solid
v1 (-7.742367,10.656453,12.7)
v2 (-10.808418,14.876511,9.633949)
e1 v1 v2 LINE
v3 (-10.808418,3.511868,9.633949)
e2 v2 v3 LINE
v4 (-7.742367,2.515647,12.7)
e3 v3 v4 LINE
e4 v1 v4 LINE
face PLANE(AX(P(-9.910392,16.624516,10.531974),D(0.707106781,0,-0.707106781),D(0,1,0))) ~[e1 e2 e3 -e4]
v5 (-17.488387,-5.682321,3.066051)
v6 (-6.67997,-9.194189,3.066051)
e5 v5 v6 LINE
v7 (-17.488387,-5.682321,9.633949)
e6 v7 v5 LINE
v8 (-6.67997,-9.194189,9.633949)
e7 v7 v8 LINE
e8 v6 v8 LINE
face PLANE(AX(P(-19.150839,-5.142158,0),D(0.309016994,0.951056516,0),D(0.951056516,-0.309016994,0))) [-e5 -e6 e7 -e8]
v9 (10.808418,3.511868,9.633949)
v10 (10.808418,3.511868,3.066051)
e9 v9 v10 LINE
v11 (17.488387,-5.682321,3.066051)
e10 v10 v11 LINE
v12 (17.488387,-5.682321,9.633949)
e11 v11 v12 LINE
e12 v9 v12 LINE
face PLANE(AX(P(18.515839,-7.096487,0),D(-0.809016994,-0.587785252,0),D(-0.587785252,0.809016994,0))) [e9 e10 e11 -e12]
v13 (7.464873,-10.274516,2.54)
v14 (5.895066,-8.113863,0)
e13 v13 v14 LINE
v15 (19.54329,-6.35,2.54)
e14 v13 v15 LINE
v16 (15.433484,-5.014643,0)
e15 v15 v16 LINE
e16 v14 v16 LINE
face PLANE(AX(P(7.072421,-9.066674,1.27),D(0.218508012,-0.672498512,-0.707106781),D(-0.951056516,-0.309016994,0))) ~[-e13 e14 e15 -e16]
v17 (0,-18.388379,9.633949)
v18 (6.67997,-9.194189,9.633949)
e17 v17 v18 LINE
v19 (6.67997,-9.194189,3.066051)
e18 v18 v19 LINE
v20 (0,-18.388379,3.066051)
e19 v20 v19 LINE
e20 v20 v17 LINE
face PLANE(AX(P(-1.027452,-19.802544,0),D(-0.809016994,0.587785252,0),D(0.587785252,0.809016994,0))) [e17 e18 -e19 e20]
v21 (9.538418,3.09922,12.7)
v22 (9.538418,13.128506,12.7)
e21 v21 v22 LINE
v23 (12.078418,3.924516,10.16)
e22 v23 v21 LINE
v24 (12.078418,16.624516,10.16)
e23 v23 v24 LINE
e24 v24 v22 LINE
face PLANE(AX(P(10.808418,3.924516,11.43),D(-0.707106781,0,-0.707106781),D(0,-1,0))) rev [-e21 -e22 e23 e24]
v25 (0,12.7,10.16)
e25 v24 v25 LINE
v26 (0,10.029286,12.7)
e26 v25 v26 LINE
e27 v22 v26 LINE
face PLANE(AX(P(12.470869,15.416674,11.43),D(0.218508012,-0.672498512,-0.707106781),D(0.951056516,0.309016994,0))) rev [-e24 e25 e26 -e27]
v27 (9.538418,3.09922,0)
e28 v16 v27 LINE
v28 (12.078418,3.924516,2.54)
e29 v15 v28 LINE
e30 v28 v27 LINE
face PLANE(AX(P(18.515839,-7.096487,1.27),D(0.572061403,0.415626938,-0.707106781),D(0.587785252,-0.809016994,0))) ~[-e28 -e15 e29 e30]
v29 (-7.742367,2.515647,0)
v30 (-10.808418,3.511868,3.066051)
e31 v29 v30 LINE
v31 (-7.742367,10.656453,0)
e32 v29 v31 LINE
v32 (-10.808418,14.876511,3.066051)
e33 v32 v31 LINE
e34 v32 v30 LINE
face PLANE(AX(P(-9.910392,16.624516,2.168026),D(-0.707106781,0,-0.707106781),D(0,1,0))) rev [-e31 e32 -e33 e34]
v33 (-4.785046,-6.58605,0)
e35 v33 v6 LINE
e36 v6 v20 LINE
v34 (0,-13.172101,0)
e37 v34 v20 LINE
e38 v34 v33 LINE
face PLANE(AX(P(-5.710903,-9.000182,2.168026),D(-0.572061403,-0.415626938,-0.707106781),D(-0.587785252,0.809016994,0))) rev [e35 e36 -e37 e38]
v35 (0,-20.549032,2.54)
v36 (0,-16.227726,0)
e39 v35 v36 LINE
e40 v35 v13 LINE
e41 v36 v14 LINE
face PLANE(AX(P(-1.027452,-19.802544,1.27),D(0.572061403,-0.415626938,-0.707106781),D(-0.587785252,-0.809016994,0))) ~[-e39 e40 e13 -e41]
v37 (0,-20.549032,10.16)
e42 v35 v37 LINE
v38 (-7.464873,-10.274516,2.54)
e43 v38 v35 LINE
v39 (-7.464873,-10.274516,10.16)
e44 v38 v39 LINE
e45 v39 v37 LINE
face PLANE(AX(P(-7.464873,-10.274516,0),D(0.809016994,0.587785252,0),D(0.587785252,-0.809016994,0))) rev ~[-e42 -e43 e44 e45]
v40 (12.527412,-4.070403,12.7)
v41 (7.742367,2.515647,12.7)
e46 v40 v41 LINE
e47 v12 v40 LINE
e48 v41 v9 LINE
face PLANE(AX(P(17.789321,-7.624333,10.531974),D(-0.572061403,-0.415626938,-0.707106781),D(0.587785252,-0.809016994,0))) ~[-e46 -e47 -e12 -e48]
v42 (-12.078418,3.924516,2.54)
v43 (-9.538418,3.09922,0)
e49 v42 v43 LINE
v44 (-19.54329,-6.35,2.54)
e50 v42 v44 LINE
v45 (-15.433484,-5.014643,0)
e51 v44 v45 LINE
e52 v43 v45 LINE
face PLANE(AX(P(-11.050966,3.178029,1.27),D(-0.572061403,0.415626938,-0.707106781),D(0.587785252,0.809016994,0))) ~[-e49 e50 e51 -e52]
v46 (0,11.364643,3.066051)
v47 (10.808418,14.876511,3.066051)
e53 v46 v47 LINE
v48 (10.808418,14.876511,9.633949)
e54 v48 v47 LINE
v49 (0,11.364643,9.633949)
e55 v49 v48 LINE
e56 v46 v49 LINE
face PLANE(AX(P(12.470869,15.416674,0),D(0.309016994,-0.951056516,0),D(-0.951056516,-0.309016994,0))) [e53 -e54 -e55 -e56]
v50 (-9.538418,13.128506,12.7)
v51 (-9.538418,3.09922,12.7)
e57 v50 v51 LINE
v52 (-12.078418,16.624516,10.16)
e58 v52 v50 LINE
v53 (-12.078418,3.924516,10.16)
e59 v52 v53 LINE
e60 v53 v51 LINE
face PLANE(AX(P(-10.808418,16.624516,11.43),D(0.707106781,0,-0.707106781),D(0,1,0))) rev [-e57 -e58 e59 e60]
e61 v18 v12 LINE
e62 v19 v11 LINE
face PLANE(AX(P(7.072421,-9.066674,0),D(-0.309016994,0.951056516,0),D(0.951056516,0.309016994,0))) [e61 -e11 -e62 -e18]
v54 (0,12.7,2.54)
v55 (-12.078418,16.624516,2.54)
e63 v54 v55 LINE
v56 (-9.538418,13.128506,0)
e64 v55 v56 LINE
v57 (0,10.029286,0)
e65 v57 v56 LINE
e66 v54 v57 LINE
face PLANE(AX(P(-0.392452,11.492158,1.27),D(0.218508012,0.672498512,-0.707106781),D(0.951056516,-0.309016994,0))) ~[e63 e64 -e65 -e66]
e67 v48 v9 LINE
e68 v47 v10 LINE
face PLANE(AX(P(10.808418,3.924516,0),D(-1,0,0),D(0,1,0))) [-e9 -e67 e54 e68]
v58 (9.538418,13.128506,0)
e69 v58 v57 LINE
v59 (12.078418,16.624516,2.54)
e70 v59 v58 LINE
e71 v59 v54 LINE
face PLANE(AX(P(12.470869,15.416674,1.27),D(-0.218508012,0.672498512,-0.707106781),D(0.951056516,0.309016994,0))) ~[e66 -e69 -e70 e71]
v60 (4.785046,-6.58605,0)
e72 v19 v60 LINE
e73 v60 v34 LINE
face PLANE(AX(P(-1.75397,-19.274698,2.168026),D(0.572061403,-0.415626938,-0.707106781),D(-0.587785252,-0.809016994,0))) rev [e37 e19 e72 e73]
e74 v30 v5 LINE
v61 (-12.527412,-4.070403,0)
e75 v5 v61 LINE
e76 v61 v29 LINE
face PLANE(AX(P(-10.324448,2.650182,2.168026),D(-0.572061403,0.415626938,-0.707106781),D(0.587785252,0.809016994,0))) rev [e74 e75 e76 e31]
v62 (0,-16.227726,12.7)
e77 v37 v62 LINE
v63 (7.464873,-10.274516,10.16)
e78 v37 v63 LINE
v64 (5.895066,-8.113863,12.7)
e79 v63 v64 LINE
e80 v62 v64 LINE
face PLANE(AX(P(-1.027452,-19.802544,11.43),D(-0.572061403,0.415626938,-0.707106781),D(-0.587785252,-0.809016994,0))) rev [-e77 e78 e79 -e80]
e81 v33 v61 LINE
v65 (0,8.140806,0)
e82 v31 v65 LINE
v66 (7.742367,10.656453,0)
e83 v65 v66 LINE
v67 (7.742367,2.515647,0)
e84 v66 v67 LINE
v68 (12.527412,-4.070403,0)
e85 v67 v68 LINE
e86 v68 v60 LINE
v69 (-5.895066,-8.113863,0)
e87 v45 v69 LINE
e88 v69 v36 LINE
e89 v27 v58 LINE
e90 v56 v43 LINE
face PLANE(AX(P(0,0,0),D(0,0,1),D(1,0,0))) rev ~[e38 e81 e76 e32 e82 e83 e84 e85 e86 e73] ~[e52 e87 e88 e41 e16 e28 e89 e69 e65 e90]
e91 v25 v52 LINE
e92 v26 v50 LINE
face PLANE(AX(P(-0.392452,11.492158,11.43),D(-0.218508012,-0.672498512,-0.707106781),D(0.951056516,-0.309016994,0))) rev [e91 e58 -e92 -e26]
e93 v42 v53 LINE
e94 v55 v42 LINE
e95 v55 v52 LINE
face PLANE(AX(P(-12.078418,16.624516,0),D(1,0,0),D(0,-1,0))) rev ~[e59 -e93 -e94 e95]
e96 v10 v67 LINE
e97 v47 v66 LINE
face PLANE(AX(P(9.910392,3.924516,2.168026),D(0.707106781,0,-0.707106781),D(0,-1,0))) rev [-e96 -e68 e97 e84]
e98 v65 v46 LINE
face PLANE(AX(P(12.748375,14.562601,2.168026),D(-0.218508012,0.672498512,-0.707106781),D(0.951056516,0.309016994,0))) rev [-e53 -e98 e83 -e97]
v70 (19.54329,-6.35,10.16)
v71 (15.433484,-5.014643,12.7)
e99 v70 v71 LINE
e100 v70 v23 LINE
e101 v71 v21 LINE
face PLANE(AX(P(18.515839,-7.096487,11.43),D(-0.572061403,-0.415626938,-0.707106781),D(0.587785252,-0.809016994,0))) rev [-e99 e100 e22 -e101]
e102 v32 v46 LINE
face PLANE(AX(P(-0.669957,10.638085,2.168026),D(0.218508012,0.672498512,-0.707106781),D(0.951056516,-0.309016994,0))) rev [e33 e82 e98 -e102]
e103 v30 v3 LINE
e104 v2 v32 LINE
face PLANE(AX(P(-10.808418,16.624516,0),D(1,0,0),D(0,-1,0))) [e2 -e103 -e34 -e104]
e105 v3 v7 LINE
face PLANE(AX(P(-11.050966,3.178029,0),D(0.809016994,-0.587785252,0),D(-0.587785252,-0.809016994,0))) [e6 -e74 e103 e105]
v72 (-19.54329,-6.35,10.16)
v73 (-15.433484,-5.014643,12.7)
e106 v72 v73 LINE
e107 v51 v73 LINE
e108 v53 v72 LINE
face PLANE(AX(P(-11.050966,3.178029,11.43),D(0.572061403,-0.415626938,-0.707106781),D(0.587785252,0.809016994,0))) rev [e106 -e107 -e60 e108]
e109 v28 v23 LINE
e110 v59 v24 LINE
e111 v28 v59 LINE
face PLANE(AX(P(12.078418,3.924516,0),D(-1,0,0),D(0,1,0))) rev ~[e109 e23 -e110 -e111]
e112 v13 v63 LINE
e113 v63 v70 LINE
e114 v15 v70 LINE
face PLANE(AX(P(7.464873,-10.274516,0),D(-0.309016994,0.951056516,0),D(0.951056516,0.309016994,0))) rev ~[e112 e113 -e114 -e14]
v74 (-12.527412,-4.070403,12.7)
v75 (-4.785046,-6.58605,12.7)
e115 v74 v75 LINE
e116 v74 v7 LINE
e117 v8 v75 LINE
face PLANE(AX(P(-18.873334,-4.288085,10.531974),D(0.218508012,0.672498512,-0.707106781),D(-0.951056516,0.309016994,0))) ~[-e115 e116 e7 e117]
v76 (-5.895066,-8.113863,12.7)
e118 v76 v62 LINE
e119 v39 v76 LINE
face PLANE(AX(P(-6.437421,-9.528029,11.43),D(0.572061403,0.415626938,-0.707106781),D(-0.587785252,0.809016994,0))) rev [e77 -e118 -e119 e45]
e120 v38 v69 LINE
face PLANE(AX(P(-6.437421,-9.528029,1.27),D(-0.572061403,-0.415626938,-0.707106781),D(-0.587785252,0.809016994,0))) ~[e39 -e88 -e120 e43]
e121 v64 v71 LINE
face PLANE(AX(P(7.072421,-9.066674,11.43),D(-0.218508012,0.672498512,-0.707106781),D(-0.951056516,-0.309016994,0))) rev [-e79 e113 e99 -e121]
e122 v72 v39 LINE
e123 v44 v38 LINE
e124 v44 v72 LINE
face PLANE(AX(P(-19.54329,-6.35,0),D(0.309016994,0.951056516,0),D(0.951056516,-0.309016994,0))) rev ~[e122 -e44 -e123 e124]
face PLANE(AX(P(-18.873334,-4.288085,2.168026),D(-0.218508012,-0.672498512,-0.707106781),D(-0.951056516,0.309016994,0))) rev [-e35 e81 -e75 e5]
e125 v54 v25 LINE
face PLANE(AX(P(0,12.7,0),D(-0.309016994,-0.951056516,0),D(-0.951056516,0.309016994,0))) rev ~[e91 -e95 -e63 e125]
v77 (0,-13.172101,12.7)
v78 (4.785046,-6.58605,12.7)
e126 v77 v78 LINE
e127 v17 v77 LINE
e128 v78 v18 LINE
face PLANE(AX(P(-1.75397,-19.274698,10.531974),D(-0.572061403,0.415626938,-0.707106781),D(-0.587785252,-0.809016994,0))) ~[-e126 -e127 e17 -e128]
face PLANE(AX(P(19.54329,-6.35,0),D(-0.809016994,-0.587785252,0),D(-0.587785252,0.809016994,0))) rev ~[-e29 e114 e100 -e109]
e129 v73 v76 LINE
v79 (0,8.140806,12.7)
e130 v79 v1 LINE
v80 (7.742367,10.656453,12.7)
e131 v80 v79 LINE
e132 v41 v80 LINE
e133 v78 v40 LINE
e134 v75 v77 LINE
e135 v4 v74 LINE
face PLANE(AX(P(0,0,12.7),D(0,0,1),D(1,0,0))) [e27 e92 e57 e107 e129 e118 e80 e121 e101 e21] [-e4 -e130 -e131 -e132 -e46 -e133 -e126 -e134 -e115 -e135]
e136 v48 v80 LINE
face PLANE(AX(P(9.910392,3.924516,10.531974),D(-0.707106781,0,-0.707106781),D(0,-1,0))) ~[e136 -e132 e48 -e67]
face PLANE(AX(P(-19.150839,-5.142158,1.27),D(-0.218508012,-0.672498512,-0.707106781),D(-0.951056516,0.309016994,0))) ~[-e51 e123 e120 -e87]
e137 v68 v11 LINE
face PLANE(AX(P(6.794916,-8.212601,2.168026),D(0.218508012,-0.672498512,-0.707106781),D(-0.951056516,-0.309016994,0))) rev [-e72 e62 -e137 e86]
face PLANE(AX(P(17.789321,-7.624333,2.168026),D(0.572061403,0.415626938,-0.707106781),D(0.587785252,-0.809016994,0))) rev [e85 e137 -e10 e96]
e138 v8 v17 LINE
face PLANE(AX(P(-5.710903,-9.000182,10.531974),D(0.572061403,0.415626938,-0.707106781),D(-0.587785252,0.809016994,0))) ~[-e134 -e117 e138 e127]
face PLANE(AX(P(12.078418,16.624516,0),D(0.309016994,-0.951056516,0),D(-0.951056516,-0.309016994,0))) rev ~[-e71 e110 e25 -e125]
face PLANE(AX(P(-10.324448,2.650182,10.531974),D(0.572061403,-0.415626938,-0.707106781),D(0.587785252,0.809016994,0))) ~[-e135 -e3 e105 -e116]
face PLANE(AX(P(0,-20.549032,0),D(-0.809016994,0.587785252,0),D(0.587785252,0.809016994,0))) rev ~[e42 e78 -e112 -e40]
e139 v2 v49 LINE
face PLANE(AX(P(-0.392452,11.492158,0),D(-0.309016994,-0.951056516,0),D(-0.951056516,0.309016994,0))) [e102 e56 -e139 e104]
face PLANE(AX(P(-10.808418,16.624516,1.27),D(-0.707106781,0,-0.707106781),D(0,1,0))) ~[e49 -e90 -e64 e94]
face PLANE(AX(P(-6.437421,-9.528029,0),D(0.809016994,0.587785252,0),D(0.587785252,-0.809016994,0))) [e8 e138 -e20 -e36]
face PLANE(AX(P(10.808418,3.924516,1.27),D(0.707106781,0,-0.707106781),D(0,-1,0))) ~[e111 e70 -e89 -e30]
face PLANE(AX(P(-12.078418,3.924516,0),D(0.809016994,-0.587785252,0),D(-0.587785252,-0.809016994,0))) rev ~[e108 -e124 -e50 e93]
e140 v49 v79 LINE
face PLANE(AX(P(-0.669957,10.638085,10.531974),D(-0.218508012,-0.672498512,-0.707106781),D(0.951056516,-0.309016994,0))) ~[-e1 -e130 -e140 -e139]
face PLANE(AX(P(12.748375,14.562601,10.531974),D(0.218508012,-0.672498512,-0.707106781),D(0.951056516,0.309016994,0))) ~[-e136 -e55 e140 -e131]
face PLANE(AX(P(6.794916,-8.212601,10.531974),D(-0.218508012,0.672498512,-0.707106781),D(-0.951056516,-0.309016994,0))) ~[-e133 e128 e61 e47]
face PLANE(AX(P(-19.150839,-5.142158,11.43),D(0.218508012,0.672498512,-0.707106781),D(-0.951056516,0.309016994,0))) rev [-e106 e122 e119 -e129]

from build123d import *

# Parameters (mm, degrees)
F1_DEPTH = 12.7
F2_SIZE  = 2.54
F3_T     = -1.27


with BuildPart() as f1:
    # F0 (on Top) → F1 (new body)
    with BuildSketch(Plane.XY):
        Polygon((-7.4648727041, -10.2745158286), (0, -20.5490316571), (7.4648727041, -10.2745158286), (19.5432904611, -6.35), (12.0784177569, 3.9245158286), (12.0784177569, 16.6245158286), (0, 12.7), (-12.0784177569, 16.6245158286), (-12.0784177569, 3.9245158286), (-19.5432904611, -6.35), align=None)
    extrude(amount=F1_DEPTH)

    # F2
    f2_edges = [f1.edges().sort_by_distance(p)[0] for p in [
        (-3.732436, -15.411774, 12.7),
        (3.732436, -15.411774, 12.7),
        (13.504082, -8.312258, 12.7),
        (15.810854, -1.212742, 12.7),
        (12.078418, 10.274516, 12.7),
        (6.039209, 14.662258, 12.7),
        (-6.039209, 14.662258, 12.7),
        (-12.078418, 10.274516, 12.7),
        (-15.810854, -1.212742, 12.7),
        (-13.504082, -8.312258, 12.7),
        (-13.504082, -8.312258, 0),
        (-3.732436, -15.411774, 0),
        (3.732436, -15.411774, 0),
        (13.504082, -8.312258, 0),
        (15.810854, -1.212742, 0),
        (12.078418, 10.274516, 0),
        (6.039209, 14.662258, 0),
        (-6.039209, 14.662258, 0),
        (-12.078418, 10.274516, 0),
        (-15.810854, -1.212742, 0),
    ]]
    chamfer(f2_edges, length=F2_SIZE)

    # F3
    f3_openings = [f1.faces().sort_by_distance(p)[0] for p in [
        (0, 0, 0),
        (0, 0, 12.7),
    ]]
    offset(amount=F3_T, openings=f3_openings, kind=Kind.INTERSECTION)


solid = f1.part
